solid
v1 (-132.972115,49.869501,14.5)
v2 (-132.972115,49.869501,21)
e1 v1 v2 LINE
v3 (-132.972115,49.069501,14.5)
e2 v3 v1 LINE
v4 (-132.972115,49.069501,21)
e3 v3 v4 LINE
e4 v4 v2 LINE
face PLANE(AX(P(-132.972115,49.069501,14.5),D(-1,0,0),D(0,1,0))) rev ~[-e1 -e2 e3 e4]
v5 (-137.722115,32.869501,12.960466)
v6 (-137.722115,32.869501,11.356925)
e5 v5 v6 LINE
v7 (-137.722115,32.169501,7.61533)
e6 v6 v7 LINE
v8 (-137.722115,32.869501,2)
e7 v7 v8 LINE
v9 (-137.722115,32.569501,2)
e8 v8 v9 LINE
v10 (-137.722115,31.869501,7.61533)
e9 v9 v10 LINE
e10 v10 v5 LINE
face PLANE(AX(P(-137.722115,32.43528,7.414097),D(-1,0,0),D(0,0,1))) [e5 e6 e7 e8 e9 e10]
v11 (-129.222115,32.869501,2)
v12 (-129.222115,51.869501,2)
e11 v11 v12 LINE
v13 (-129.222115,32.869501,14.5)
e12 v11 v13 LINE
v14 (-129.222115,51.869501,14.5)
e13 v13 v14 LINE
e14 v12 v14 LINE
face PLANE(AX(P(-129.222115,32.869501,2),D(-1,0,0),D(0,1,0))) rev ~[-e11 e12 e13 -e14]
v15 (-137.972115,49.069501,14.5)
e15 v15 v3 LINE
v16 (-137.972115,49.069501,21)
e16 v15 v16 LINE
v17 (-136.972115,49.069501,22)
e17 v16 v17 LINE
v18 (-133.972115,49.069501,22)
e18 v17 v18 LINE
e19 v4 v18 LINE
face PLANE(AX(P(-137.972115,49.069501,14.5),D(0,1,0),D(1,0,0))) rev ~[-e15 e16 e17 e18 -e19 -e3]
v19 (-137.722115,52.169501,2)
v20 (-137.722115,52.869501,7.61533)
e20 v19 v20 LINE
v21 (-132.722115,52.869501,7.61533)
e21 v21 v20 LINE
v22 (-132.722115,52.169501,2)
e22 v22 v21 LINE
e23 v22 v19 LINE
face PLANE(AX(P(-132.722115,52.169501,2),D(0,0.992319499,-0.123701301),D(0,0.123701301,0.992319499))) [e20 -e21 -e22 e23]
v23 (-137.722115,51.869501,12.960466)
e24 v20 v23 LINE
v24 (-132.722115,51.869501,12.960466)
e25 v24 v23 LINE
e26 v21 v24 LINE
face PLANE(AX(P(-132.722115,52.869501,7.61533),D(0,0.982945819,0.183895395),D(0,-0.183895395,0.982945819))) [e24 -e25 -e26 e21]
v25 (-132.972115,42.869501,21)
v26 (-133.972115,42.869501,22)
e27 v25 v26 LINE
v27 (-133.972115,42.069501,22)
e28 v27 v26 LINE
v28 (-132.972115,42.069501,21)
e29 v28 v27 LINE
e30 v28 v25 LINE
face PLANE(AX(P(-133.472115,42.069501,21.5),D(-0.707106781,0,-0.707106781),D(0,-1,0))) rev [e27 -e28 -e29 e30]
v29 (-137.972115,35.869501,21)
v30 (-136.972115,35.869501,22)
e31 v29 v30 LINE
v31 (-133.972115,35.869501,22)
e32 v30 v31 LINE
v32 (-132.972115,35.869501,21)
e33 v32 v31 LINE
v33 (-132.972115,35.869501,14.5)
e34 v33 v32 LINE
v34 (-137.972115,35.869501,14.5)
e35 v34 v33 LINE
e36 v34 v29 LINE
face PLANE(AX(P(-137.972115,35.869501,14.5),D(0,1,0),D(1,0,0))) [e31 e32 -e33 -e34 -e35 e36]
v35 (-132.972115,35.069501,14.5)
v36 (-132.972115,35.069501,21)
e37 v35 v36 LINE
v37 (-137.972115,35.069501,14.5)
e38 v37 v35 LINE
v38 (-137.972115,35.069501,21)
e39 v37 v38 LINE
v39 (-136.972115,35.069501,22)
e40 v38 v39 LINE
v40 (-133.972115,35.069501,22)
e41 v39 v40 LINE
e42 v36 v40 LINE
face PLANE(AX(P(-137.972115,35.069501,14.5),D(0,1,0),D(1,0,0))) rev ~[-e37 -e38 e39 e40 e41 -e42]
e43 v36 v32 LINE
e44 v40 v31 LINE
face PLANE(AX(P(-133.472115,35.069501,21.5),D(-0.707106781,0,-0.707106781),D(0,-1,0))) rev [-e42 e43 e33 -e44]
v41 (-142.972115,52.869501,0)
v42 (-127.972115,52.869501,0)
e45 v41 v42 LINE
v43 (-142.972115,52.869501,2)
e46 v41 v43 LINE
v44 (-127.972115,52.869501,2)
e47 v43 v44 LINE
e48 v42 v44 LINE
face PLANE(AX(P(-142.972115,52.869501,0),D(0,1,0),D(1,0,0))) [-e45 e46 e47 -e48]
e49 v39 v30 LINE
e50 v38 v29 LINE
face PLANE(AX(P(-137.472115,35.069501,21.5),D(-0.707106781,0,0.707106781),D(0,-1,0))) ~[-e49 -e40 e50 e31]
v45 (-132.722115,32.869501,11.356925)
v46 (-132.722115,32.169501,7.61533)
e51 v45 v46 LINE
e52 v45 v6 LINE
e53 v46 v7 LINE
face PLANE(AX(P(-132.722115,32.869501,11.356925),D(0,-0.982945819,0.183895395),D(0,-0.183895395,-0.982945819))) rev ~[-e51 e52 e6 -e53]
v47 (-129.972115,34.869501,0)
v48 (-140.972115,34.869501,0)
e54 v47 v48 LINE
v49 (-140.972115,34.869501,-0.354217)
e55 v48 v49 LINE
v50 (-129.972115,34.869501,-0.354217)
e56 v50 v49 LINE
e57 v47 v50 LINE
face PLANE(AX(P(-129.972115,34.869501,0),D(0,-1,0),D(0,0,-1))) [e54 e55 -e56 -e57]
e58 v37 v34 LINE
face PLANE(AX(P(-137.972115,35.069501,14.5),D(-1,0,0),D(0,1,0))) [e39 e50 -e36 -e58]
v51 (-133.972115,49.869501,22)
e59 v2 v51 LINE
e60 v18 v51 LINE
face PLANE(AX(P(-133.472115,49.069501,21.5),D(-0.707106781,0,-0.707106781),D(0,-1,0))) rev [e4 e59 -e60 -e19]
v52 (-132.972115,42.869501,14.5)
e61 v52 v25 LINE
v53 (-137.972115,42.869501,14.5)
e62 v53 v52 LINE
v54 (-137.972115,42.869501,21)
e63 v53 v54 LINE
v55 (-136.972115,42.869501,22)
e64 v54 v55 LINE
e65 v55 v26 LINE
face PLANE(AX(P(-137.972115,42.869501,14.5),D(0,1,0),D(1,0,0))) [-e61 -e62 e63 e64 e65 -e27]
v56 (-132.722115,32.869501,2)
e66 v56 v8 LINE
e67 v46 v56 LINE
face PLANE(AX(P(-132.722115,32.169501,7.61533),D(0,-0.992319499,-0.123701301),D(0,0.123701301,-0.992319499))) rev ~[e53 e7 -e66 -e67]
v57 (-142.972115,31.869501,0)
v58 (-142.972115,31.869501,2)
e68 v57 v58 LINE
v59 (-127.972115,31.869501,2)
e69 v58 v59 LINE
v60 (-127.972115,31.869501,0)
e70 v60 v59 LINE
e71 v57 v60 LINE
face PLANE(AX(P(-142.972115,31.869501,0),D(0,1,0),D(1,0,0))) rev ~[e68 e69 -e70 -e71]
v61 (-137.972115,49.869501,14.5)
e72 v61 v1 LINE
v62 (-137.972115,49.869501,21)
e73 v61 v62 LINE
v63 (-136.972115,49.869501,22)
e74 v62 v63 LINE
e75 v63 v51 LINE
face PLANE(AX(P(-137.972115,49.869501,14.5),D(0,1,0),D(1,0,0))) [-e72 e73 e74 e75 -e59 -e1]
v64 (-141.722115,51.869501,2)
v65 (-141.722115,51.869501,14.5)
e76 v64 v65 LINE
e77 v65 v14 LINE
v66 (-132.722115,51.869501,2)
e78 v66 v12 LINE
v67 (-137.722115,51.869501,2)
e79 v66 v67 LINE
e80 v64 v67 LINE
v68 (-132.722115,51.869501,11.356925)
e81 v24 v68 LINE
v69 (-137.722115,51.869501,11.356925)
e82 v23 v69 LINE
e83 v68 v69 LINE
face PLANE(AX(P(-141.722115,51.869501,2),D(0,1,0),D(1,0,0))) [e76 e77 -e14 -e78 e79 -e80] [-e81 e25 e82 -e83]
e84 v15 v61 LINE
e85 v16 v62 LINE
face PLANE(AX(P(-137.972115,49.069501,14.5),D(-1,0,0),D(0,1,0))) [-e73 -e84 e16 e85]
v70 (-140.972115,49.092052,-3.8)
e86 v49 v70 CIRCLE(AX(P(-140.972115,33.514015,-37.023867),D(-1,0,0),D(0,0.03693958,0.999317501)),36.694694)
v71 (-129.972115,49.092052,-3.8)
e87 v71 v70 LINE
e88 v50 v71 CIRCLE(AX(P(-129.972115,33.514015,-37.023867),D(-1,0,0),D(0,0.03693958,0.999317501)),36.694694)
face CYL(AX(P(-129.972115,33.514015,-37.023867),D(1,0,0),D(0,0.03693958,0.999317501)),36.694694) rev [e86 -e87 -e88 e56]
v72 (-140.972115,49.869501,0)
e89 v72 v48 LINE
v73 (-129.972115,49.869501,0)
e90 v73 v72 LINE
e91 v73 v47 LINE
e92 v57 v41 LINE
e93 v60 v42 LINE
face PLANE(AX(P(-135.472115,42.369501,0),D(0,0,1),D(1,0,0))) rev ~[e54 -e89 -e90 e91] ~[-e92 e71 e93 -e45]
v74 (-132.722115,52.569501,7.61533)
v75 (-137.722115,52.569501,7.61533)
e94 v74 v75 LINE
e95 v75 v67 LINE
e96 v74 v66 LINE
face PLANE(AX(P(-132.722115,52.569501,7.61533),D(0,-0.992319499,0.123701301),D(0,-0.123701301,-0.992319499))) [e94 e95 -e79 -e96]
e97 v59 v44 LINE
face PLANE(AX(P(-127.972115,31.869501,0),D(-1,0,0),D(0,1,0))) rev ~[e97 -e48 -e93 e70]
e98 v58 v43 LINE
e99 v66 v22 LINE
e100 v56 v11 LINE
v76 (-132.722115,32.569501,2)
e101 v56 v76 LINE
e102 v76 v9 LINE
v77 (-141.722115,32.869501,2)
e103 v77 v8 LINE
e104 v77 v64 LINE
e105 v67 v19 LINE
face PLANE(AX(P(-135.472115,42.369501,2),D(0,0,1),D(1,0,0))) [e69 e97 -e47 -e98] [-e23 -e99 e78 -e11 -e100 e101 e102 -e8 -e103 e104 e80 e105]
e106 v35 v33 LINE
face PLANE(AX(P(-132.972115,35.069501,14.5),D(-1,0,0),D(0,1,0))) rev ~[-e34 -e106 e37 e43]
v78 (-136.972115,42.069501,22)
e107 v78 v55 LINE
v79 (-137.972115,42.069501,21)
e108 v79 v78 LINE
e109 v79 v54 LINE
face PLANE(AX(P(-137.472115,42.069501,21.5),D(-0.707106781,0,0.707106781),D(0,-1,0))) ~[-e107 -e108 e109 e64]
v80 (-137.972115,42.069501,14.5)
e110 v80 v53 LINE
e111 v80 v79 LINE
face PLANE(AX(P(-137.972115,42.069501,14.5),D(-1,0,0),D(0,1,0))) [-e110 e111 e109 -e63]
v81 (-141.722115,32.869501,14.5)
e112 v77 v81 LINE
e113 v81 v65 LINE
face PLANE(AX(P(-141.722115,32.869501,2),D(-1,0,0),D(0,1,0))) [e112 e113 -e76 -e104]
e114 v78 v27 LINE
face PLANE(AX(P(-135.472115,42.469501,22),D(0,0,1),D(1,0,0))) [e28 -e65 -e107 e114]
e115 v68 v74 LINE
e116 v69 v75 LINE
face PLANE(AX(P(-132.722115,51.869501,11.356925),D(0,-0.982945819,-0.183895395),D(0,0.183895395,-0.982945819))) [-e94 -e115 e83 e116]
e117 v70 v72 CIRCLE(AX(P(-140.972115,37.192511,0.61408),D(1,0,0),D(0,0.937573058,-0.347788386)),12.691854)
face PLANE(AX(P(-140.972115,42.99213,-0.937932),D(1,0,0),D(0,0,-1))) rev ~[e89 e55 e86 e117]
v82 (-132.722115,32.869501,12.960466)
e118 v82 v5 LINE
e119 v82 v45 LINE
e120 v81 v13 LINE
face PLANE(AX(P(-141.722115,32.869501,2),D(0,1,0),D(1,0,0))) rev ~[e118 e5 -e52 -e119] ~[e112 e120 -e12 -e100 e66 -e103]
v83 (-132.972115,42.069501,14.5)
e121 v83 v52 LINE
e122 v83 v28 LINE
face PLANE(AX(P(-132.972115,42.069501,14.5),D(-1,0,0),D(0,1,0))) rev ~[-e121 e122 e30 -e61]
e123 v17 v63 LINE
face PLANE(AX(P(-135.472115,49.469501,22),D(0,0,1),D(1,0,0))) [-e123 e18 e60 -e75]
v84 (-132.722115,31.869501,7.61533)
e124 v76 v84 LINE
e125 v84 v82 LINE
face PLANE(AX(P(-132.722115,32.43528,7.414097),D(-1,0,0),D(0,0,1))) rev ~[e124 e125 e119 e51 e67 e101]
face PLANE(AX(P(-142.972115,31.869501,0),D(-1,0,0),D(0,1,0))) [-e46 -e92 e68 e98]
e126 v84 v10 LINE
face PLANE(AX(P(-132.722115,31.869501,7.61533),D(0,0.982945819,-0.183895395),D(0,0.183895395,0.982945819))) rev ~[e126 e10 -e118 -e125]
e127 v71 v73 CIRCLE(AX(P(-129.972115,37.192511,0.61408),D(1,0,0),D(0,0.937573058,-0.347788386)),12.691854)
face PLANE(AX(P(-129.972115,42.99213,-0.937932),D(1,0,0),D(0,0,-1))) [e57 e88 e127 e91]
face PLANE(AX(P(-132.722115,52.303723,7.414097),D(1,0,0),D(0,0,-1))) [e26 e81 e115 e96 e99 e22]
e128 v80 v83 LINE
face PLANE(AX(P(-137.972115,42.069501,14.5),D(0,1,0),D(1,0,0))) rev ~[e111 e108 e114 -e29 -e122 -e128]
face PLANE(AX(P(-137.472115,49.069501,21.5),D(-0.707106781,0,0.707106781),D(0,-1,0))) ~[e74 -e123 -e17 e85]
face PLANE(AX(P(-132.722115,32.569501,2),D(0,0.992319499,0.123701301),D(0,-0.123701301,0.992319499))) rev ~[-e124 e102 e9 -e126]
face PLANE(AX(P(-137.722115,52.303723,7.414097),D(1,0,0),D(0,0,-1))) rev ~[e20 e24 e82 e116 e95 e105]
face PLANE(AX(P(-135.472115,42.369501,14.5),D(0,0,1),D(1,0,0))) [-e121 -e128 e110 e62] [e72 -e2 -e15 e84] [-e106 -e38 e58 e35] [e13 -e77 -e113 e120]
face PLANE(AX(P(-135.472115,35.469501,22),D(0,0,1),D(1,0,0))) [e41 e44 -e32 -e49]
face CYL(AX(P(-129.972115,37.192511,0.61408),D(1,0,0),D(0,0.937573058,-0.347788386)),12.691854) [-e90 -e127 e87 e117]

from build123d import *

# Parameters (mm, degrees)
SKETCH_1_W      = 15
SKETCH_1_H      = 21
EXTRUDE_1_DEPTH = 2
SKETCH_2_W      = 12.5
SKETCH_2_H      = 19
EXTRUDE_2_DEPTH = 12.5
SKETCH_3_W      = 5
SKETCH_3_H      = 0.8
EXTRUDE_3_DEPTH = 7.5
CHAMFER_1_SIZE  = 1
EXTRUDE_START   = -2
EXTRUDE_4_DEPTH = 11
EXTRUDE_START_2 = -3.5
EXTRUDE_5_DEPTH = 5


with BuildPart() as part:
    # Эскиз1 → Бобышка-Вытянуть1 (new body)
    with BuildSketch(Plane.XY):
        with Locations((-135.472114918, 42.369501341)):
            Rectangle(SKETCH_1_W, SKETCH_1_H)
    extrude(amount=EXTRUDE_1_DEPTH)

    # Эскиз2 → Бобышка-Вытянуть2 (add)
    with BuildSketch(Plane.XY.offset(2)):
        with Locations((-135.472114918, 42.369501341)):
            Rectangle(SKETCH_2_W, SKETCH_2_H)
    extrude(amount=EXTRUDE_2_DEPTH)

    # Эскиз3 → Бобышка-Вытянуть3 (add)
    with BuildSketch(Plane.XY.offset(14.5)):
        with Locations((-135.472114918, 49.469501341)):
            Rectangle(SKETCH_3_W, SKETCH_3_H)
        with Locations((-135.472114918, 42.469501341)):
            Rectangle(SKETCH_3_W, SKETCH_3_H)
        with Locations((-135.472114918, 35.469501341)):
            Rectangle(SKETCH_3_W, SKETCH_3_H)
    extrude(amount=EXTRUDE_3_DEPTH)

    # Фаска1
    chamfer_1_edges = [part.edges().sort_by_distance(p)[0] for p in [
        (-132.972114918, 49.469501341, 22),
        (-137.972114918, 49.469501341, 22),
        (-132.972114918, 42.469501341, 22),
        (-137.972114918, 42.469501341, 22),
        (-132.972114918, 35.469501341, 22),
        (-137.972114918, 35.469501341, 22),
    ]]
    chamfer(chamfer_1_edges, length=CHAMFER_1_SIZE)

    # Эскиз5 → Бобышка-Вытянуть4 (add)
    with BuildSketch(Plane(origin=(-127.972114918, 0, 0), x_dir=(0, 0, -1), z_dir=(1, 0, 0)).offset(EXTRUDE_START)):
        with BuildLine():
            Line((0, 49.869501341), (0, 34.869501341))
            Line((0, 34.869501341), (0.354216836, 34.869501341))
            ThreePointArc((0.354216836, 34.869501341), (1.36091461, 42.154293323), (3.8, 49.092052117))
            ThreePointArc((3.8, 49.092052117), (1.929874617, 49.626797257), (0, 49.869501341))
        make_face()
    extrude(amount=-EXTRUDE_4_DEPTH)

    # Эскиз6 → Бобышка-Вытянуть5 (add)
    with BuildSketch(Plane(origin=(-129.222114918, 0, 0), x_dir=(0, 0, -1), z_dir=(1, 0, 0)).offset(EXTRUDE_START_2)):
        Polygon((-2, 51.869501341), (-2, 52.169501341), (-7.615330186, 52.869501341), (-12.960465763, 51.869501341), (-11.35692509, 51.869501341), (-7.615330186, 52.569501341), align=None)
        Polygon((-12.960465763, 32.869501341), (-11.35692509, 32.869501341), (-7.615330186, 32.169501341), (-2, 32.869501341), (-2, 32.569501341), (-7.615330186, 31.869501341), align=None)
    extrude(amount=-EXTRUDE_5_DEPTH)


solid = part.part
